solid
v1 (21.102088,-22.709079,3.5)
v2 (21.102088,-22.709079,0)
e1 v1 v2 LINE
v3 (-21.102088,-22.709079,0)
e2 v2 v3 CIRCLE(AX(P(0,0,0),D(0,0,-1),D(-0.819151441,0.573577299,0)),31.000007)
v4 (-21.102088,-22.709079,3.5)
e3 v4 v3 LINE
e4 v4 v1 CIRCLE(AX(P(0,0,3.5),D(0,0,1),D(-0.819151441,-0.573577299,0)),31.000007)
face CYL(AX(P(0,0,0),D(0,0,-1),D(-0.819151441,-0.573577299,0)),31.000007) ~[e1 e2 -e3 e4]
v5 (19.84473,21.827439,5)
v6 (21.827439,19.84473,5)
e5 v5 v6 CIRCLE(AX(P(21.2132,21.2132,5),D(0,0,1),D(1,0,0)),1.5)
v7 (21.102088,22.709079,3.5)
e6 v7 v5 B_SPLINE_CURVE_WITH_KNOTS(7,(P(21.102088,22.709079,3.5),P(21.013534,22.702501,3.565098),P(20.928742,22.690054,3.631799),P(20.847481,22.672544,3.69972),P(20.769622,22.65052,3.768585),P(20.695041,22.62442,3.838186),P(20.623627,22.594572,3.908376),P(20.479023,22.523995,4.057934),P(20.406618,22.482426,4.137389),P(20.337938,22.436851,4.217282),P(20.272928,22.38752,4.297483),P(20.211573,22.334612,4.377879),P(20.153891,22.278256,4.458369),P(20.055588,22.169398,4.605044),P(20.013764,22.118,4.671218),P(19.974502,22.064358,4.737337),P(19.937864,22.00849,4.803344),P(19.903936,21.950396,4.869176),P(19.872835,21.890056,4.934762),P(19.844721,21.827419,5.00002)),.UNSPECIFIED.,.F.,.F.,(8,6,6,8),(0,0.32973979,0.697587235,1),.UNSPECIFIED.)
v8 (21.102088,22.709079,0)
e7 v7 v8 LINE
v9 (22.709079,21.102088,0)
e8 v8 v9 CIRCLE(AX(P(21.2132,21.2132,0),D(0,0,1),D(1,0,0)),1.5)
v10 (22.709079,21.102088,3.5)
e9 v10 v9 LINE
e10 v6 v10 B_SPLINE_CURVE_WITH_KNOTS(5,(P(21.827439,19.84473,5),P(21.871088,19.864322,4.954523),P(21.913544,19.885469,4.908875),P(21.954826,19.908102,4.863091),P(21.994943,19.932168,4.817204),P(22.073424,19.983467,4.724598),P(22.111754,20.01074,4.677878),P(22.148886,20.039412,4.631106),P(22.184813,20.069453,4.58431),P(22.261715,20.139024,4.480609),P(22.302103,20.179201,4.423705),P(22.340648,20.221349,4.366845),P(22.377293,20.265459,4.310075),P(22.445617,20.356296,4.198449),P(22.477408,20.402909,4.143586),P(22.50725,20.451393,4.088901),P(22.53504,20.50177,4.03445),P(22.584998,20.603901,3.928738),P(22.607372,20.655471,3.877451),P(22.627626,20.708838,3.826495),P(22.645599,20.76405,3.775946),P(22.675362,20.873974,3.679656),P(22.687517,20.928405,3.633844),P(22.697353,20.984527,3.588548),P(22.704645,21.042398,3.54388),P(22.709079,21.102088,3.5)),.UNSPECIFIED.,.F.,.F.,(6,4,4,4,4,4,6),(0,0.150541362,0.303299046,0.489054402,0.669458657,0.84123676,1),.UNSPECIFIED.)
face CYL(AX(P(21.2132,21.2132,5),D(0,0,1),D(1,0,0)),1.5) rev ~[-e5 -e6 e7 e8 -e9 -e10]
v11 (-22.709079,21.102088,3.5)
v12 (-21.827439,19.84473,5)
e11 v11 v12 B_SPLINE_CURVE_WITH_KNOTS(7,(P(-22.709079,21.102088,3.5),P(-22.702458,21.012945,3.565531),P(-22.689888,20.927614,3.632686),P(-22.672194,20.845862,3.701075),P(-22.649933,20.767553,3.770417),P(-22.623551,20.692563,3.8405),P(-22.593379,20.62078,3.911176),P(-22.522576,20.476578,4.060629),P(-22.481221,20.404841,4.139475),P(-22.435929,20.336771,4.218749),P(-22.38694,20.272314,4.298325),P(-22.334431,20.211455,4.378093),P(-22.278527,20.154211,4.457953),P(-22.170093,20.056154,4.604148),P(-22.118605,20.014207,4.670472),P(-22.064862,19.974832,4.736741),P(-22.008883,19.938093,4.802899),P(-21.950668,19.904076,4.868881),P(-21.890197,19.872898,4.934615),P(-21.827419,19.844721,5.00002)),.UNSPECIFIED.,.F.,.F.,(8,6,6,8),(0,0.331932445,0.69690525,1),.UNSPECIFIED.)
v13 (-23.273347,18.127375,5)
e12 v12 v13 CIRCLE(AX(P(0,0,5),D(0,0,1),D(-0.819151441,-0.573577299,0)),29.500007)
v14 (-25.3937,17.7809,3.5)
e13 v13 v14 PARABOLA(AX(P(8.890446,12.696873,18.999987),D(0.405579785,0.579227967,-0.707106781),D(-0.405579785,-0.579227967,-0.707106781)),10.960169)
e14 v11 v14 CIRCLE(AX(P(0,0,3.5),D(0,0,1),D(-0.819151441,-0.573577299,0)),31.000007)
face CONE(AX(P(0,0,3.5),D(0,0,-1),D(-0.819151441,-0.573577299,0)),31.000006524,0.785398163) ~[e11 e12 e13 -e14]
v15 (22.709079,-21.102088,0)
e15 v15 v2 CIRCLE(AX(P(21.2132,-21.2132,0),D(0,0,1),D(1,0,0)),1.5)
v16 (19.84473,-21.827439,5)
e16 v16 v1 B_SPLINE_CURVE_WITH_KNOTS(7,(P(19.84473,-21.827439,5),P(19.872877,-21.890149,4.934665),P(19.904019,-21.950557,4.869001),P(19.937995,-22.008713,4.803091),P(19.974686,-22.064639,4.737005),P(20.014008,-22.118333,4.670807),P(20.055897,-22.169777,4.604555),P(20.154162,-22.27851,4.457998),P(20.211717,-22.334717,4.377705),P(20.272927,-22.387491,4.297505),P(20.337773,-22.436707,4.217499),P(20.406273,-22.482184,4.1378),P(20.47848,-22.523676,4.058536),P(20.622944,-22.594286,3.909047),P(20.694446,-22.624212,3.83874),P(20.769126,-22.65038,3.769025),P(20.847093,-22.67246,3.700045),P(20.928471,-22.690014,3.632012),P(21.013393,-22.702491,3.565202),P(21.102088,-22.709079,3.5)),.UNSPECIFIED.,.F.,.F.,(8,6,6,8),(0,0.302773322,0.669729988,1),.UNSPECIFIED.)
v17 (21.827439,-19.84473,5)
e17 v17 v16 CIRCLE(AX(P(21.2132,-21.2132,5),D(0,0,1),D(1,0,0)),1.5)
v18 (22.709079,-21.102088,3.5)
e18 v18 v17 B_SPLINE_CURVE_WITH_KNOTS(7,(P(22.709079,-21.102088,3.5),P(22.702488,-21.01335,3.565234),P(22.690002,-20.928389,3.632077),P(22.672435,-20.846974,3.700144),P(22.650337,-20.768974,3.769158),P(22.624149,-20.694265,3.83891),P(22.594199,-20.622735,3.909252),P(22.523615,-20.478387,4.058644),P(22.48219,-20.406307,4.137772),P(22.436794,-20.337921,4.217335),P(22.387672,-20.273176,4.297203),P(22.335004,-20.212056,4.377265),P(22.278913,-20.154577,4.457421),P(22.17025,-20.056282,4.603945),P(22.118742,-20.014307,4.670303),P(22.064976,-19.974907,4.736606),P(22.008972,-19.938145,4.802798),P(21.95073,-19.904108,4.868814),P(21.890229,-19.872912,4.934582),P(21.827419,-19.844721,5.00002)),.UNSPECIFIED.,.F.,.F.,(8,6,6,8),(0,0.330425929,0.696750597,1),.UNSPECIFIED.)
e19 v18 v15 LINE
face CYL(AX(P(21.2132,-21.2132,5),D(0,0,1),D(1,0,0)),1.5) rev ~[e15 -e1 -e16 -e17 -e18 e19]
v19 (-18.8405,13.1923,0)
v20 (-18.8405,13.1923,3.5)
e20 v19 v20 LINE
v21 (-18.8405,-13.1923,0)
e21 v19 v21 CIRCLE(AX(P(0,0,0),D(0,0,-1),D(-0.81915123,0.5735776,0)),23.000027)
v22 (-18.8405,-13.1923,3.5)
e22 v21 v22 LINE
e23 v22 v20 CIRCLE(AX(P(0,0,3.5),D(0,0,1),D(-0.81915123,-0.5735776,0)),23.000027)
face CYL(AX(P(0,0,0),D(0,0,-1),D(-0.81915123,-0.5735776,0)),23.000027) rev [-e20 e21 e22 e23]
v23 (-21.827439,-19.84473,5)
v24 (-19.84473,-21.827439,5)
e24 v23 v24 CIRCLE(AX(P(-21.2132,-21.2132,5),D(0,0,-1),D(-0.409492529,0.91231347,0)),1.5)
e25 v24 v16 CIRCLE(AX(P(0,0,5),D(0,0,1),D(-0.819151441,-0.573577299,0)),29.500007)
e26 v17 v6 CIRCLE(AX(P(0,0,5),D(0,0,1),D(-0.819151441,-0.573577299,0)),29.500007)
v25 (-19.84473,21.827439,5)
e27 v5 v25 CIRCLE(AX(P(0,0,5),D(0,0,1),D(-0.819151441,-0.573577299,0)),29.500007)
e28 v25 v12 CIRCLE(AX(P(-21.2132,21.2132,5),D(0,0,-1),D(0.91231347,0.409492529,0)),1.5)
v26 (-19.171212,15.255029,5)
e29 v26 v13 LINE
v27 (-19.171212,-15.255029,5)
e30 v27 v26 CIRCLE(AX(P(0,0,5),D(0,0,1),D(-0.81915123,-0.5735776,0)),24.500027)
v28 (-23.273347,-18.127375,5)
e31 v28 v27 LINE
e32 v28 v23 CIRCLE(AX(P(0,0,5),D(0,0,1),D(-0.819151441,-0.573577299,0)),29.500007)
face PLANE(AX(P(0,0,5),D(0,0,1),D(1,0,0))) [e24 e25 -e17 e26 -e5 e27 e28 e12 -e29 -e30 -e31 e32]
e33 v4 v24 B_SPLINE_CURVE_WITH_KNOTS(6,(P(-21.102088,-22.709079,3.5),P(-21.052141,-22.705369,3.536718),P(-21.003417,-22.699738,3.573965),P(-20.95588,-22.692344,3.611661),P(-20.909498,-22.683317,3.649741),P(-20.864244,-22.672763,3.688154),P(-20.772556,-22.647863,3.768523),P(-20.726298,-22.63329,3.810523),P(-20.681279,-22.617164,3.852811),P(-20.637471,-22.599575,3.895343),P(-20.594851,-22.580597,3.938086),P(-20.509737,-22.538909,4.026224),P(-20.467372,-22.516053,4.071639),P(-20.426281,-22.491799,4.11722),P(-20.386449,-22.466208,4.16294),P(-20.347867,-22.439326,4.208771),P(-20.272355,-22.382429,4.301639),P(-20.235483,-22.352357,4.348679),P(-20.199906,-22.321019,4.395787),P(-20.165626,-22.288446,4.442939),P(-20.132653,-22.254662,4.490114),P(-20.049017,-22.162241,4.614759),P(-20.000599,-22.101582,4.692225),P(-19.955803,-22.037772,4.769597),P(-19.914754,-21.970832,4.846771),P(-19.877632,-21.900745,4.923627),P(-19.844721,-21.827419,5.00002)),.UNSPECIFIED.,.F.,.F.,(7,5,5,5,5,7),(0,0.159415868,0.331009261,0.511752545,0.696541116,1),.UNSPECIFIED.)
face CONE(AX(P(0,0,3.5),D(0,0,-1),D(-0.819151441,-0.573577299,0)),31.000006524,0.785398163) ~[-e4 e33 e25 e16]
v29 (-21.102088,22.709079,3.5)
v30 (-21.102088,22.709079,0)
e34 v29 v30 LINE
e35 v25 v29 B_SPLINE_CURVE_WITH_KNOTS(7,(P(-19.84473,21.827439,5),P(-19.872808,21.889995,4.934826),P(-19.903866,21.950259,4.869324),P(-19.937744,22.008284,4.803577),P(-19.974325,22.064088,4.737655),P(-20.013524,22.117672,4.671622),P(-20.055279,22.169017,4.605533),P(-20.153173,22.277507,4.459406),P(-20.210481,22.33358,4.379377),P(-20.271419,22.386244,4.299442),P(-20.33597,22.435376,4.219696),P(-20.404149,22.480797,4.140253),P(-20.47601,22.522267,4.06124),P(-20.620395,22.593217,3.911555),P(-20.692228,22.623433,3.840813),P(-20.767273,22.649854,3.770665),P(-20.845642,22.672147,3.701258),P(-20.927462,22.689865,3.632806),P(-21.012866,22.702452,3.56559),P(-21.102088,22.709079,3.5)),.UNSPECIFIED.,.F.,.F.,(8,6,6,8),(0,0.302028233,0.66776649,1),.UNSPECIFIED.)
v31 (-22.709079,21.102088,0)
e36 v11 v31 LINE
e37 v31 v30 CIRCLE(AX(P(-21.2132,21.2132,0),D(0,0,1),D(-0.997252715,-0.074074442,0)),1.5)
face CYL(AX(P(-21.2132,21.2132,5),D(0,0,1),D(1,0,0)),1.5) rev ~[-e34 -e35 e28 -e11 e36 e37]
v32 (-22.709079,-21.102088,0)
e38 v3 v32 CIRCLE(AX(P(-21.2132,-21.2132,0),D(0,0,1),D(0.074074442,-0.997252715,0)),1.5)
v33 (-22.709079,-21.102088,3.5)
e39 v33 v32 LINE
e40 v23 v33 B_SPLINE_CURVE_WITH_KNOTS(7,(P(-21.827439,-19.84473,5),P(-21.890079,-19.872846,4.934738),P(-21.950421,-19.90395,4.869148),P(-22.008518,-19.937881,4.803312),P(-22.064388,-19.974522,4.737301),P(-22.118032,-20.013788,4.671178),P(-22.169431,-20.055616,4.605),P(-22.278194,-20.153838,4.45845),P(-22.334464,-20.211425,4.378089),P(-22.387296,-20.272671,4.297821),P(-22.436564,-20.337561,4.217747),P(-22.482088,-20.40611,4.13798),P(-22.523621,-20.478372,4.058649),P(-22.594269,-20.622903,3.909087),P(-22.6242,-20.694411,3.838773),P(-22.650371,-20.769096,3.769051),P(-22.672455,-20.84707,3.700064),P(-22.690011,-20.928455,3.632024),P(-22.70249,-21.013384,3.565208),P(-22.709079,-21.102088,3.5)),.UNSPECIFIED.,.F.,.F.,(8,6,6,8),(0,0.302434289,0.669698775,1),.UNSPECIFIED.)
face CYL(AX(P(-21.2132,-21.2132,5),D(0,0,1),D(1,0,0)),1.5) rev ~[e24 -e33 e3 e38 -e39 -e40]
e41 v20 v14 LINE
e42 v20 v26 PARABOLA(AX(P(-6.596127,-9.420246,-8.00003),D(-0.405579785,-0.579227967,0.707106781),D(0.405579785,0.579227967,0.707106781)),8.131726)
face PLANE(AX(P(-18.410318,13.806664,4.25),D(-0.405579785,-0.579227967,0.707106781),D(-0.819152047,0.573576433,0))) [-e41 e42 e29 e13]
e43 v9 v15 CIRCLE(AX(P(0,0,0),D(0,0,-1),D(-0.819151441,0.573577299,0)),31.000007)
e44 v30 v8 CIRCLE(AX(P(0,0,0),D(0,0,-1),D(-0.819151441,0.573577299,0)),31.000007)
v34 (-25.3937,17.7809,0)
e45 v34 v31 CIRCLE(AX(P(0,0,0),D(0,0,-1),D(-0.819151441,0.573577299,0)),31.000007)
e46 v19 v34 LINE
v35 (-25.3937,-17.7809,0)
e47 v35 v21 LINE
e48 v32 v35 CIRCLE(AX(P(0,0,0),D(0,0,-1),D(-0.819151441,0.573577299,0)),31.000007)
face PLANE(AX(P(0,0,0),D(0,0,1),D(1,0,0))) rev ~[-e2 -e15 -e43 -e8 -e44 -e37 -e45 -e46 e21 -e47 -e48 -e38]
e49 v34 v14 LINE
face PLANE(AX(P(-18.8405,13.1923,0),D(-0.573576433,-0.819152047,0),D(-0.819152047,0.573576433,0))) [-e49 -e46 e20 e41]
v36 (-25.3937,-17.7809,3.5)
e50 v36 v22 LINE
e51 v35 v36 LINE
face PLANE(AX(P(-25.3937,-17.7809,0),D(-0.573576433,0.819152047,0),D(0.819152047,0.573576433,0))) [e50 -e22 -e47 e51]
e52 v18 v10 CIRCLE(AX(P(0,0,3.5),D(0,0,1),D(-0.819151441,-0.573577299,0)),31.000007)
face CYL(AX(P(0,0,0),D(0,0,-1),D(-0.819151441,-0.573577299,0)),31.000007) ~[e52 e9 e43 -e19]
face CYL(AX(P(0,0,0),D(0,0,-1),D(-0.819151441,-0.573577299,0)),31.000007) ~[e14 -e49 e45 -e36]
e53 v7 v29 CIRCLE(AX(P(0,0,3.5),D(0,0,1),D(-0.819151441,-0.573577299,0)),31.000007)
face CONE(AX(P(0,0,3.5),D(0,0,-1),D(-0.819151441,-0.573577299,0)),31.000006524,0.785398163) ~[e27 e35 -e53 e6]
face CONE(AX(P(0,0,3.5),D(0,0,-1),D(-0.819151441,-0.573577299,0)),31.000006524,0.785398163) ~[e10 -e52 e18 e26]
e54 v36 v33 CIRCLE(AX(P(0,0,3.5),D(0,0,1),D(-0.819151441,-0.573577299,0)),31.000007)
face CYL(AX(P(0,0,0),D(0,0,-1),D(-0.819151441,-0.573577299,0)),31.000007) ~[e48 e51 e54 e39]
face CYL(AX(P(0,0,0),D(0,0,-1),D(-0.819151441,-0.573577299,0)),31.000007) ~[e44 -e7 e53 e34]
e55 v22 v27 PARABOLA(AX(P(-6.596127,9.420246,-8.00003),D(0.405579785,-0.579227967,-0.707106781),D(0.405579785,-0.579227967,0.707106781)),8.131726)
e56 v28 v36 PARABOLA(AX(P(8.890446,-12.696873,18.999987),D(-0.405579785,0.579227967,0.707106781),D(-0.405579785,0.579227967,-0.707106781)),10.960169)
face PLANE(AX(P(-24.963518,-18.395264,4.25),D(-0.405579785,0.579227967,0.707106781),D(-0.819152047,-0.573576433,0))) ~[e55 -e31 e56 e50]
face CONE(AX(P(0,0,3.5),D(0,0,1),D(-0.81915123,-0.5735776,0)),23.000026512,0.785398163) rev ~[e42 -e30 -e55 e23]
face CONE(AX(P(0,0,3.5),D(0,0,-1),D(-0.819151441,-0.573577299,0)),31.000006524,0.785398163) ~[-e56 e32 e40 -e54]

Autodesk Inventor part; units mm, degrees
ref_plane "YZ Plane" through (0, 0, 0) normal (1, 0, 0) x (0, 1, 0)
ref_plane "XZ Plane" through (0, 0, 0) normal (0, 1, 0) x (-1, 0, 0)
ref_plane "XY Plane" through (0, 0, 0) normal (0, 0, 1) x (1, 0, 0)
sketch "スケッチ1" plane through (0, 0, 0) normal (0, 0, 1) x (1, 0, 0)
  arc A0 (-18.8405, -13.1923) -> (-18.8405, 13.1923) centre (0, 0) ccw
  line L0 (-36.6725, 0) -> (42.2787, 0) projected
  arc A1 (-25.3937, -17.7809) -> (-25.3937, 17.7809) centre (0, 0) ccw
  line L1 (-25.3937, -17.7809) -> (-18.8405, -13.1923)
  line L2 (-18.8405, 13.1923) -> (-25.3937, 17.7809)
  point P0 (23, 0)
  dimension "d0" = 23
  dimension "d1" = 8
  dimension "d2" = 290
extrude "押し出し1" add sketch "スケッチ1" along normal blind 5
chamfer "面取り1" distance 1.5 angle 45 5 edges at (31, 0, 5) (6.9162, -21.9355, 5) (6.9162, 21.9355, 5) (-22.1171, 15.4866, 5) (-22.1171, -15.4866, 5)
sketch "スケッチ2" plane through (0, 0, 5) normal (0, 0, 1) x (1, 0, 0)
  circle A0 centre (-21.2132, 21.2132) radius 1.5 projected
  circle A1 centre (21.2132, 21.2132) radius 1.5 projected
  circle A2 centre (21.2132, -21.2132) radius 1.5 projected
  circle A3 centre (-21.2132, -21.2132) radius 1.5 projected
  point P0 (0, 0)
extrude "押し出し2" cut sketch "スケッチ2" against normal through all
properties part number "cover"
